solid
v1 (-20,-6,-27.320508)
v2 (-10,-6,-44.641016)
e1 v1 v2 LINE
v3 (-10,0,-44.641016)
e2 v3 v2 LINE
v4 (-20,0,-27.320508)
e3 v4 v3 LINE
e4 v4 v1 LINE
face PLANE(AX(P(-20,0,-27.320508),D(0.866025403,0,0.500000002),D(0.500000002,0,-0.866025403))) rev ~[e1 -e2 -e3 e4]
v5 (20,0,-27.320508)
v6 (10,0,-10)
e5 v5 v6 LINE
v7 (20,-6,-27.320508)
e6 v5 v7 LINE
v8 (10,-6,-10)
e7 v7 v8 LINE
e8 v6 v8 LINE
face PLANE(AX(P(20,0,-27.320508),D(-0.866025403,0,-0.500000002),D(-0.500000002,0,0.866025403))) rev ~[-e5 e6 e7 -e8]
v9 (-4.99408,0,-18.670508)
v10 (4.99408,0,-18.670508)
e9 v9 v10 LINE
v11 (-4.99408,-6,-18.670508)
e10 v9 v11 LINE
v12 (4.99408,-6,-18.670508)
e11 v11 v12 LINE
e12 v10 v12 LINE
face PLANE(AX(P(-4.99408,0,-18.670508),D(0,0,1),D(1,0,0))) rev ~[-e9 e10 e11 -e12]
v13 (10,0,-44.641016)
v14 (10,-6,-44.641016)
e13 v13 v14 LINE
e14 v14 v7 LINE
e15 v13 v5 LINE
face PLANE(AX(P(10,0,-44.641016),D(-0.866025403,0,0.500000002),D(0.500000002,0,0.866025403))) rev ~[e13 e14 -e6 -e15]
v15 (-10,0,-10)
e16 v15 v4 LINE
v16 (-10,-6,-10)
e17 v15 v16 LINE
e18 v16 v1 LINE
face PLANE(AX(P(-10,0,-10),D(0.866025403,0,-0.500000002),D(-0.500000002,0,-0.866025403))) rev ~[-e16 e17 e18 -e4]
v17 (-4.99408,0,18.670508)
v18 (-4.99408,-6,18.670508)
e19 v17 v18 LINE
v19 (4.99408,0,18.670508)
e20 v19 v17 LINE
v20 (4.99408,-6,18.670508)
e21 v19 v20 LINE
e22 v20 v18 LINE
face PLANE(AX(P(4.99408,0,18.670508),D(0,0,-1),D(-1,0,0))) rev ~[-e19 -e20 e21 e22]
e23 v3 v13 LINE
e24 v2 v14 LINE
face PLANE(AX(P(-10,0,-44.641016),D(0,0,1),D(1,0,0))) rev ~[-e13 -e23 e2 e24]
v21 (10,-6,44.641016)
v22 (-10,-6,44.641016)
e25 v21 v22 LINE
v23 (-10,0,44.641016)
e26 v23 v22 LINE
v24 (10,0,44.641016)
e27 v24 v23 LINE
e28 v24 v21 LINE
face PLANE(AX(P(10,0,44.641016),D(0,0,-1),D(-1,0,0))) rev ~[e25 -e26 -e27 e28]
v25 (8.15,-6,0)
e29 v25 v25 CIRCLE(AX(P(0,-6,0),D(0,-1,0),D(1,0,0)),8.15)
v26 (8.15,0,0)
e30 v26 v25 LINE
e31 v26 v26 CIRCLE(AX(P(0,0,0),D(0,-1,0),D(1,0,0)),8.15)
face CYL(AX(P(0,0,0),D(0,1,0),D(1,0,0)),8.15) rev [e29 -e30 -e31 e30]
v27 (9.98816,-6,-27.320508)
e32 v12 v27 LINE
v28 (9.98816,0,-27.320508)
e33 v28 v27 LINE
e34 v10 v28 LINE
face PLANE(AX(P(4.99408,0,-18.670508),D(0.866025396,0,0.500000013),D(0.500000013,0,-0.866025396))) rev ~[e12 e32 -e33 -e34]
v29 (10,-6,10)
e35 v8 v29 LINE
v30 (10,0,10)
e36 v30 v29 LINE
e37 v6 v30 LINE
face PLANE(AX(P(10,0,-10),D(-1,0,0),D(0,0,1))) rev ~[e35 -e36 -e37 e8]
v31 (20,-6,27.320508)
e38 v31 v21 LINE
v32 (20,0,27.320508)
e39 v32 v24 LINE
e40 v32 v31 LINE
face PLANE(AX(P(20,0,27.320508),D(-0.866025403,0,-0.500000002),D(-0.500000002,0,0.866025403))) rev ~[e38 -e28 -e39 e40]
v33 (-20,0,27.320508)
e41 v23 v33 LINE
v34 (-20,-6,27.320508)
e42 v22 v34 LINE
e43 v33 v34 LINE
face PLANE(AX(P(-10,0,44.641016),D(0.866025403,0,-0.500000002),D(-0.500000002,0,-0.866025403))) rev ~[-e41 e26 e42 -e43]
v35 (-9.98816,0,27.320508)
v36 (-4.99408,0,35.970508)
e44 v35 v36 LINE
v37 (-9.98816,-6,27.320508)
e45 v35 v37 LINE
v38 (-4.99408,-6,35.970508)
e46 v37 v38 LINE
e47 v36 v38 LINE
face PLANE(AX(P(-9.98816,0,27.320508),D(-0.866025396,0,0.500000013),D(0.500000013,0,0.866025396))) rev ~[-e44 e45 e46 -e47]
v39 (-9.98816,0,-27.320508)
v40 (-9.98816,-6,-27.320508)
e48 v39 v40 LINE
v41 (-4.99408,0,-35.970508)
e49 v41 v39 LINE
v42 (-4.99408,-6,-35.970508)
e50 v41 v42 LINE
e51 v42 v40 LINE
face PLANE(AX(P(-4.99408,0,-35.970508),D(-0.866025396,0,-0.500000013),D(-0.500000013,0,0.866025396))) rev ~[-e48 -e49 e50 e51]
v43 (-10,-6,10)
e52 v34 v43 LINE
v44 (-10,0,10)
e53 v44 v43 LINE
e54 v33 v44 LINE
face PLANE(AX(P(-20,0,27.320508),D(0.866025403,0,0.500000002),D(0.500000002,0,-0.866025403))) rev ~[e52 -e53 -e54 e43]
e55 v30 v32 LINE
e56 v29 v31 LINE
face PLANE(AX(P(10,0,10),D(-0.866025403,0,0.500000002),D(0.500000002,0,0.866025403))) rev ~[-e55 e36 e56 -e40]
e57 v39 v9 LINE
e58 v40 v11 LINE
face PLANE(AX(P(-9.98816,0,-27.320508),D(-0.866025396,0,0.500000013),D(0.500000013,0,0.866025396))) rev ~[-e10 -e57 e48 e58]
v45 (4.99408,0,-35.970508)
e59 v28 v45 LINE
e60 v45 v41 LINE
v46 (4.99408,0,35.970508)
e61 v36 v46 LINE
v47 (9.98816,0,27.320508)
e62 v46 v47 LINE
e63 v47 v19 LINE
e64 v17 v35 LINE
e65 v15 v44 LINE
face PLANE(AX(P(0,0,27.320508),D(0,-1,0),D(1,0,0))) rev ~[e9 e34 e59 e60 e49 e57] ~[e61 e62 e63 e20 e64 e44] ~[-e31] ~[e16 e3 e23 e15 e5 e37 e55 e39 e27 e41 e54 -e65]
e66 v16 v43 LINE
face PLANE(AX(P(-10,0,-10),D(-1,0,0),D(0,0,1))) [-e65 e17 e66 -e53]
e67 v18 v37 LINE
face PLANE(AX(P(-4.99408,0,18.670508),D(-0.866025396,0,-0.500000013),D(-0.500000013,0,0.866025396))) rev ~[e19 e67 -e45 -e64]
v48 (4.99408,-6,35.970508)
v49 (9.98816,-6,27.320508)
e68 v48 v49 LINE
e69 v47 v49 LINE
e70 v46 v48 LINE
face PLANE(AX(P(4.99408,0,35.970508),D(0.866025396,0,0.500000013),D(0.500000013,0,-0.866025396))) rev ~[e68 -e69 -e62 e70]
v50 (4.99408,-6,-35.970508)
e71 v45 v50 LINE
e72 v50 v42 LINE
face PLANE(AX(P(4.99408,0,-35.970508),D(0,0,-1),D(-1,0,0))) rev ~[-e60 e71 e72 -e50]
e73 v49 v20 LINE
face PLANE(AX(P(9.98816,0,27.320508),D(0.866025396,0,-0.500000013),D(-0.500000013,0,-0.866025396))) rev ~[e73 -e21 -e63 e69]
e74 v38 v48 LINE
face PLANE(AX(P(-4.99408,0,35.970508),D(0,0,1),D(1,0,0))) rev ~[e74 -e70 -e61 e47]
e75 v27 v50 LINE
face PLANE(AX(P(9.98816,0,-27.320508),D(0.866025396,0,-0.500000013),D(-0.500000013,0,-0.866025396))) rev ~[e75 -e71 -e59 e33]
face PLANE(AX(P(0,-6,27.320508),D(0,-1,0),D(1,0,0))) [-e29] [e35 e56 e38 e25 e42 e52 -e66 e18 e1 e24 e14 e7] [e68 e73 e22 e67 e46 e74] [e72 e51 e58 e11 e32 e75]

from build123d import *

# Parameters (mm, degrees)
F0_W     = 20
F0_H     = 20
F0_R     = 8.15
F1_DEPTH = 6


with BuildPart() as f1:
    # F0 (on Front) → F1 (new body)
    with BuildSketch(Plane.XZ):
        Polygon((-10, 10), (10, 10), (20, 27.320508), (10, 44.641016), (-10, 44.641016), (-20, 27.320508), align=None)
        Polygon((4.99408, 35.970508), (9.98816, 27.320508), (4.99408, 18.670508), (-4.99408, 18.670508), (-9.98816, 27.320508), (-4.99408, 35.970508), align=None, mode=Mode.SUBTRACT)
        Rectangle(F0_W, F0_H)
        Circle(F0_R, mode=Mode.SUBTRACT)
        Polygon((20, -27.320508), (10, -10), (-10, -10), (-20, -27.320508), (-10, -44.641016), (10, -44.641016), align=None)
        Polygon((4.99408, -35.970508), (-4.99408, -35.970508), (-9.98816, -27.320508), (-4.99408, -18.670508), (4.99408, -18.670508), (9.98816, -27.320508), align=None, mode=Mode.SUBTRACT)
    extrude(amount=F1_DEPTH)


solid = f1.part
